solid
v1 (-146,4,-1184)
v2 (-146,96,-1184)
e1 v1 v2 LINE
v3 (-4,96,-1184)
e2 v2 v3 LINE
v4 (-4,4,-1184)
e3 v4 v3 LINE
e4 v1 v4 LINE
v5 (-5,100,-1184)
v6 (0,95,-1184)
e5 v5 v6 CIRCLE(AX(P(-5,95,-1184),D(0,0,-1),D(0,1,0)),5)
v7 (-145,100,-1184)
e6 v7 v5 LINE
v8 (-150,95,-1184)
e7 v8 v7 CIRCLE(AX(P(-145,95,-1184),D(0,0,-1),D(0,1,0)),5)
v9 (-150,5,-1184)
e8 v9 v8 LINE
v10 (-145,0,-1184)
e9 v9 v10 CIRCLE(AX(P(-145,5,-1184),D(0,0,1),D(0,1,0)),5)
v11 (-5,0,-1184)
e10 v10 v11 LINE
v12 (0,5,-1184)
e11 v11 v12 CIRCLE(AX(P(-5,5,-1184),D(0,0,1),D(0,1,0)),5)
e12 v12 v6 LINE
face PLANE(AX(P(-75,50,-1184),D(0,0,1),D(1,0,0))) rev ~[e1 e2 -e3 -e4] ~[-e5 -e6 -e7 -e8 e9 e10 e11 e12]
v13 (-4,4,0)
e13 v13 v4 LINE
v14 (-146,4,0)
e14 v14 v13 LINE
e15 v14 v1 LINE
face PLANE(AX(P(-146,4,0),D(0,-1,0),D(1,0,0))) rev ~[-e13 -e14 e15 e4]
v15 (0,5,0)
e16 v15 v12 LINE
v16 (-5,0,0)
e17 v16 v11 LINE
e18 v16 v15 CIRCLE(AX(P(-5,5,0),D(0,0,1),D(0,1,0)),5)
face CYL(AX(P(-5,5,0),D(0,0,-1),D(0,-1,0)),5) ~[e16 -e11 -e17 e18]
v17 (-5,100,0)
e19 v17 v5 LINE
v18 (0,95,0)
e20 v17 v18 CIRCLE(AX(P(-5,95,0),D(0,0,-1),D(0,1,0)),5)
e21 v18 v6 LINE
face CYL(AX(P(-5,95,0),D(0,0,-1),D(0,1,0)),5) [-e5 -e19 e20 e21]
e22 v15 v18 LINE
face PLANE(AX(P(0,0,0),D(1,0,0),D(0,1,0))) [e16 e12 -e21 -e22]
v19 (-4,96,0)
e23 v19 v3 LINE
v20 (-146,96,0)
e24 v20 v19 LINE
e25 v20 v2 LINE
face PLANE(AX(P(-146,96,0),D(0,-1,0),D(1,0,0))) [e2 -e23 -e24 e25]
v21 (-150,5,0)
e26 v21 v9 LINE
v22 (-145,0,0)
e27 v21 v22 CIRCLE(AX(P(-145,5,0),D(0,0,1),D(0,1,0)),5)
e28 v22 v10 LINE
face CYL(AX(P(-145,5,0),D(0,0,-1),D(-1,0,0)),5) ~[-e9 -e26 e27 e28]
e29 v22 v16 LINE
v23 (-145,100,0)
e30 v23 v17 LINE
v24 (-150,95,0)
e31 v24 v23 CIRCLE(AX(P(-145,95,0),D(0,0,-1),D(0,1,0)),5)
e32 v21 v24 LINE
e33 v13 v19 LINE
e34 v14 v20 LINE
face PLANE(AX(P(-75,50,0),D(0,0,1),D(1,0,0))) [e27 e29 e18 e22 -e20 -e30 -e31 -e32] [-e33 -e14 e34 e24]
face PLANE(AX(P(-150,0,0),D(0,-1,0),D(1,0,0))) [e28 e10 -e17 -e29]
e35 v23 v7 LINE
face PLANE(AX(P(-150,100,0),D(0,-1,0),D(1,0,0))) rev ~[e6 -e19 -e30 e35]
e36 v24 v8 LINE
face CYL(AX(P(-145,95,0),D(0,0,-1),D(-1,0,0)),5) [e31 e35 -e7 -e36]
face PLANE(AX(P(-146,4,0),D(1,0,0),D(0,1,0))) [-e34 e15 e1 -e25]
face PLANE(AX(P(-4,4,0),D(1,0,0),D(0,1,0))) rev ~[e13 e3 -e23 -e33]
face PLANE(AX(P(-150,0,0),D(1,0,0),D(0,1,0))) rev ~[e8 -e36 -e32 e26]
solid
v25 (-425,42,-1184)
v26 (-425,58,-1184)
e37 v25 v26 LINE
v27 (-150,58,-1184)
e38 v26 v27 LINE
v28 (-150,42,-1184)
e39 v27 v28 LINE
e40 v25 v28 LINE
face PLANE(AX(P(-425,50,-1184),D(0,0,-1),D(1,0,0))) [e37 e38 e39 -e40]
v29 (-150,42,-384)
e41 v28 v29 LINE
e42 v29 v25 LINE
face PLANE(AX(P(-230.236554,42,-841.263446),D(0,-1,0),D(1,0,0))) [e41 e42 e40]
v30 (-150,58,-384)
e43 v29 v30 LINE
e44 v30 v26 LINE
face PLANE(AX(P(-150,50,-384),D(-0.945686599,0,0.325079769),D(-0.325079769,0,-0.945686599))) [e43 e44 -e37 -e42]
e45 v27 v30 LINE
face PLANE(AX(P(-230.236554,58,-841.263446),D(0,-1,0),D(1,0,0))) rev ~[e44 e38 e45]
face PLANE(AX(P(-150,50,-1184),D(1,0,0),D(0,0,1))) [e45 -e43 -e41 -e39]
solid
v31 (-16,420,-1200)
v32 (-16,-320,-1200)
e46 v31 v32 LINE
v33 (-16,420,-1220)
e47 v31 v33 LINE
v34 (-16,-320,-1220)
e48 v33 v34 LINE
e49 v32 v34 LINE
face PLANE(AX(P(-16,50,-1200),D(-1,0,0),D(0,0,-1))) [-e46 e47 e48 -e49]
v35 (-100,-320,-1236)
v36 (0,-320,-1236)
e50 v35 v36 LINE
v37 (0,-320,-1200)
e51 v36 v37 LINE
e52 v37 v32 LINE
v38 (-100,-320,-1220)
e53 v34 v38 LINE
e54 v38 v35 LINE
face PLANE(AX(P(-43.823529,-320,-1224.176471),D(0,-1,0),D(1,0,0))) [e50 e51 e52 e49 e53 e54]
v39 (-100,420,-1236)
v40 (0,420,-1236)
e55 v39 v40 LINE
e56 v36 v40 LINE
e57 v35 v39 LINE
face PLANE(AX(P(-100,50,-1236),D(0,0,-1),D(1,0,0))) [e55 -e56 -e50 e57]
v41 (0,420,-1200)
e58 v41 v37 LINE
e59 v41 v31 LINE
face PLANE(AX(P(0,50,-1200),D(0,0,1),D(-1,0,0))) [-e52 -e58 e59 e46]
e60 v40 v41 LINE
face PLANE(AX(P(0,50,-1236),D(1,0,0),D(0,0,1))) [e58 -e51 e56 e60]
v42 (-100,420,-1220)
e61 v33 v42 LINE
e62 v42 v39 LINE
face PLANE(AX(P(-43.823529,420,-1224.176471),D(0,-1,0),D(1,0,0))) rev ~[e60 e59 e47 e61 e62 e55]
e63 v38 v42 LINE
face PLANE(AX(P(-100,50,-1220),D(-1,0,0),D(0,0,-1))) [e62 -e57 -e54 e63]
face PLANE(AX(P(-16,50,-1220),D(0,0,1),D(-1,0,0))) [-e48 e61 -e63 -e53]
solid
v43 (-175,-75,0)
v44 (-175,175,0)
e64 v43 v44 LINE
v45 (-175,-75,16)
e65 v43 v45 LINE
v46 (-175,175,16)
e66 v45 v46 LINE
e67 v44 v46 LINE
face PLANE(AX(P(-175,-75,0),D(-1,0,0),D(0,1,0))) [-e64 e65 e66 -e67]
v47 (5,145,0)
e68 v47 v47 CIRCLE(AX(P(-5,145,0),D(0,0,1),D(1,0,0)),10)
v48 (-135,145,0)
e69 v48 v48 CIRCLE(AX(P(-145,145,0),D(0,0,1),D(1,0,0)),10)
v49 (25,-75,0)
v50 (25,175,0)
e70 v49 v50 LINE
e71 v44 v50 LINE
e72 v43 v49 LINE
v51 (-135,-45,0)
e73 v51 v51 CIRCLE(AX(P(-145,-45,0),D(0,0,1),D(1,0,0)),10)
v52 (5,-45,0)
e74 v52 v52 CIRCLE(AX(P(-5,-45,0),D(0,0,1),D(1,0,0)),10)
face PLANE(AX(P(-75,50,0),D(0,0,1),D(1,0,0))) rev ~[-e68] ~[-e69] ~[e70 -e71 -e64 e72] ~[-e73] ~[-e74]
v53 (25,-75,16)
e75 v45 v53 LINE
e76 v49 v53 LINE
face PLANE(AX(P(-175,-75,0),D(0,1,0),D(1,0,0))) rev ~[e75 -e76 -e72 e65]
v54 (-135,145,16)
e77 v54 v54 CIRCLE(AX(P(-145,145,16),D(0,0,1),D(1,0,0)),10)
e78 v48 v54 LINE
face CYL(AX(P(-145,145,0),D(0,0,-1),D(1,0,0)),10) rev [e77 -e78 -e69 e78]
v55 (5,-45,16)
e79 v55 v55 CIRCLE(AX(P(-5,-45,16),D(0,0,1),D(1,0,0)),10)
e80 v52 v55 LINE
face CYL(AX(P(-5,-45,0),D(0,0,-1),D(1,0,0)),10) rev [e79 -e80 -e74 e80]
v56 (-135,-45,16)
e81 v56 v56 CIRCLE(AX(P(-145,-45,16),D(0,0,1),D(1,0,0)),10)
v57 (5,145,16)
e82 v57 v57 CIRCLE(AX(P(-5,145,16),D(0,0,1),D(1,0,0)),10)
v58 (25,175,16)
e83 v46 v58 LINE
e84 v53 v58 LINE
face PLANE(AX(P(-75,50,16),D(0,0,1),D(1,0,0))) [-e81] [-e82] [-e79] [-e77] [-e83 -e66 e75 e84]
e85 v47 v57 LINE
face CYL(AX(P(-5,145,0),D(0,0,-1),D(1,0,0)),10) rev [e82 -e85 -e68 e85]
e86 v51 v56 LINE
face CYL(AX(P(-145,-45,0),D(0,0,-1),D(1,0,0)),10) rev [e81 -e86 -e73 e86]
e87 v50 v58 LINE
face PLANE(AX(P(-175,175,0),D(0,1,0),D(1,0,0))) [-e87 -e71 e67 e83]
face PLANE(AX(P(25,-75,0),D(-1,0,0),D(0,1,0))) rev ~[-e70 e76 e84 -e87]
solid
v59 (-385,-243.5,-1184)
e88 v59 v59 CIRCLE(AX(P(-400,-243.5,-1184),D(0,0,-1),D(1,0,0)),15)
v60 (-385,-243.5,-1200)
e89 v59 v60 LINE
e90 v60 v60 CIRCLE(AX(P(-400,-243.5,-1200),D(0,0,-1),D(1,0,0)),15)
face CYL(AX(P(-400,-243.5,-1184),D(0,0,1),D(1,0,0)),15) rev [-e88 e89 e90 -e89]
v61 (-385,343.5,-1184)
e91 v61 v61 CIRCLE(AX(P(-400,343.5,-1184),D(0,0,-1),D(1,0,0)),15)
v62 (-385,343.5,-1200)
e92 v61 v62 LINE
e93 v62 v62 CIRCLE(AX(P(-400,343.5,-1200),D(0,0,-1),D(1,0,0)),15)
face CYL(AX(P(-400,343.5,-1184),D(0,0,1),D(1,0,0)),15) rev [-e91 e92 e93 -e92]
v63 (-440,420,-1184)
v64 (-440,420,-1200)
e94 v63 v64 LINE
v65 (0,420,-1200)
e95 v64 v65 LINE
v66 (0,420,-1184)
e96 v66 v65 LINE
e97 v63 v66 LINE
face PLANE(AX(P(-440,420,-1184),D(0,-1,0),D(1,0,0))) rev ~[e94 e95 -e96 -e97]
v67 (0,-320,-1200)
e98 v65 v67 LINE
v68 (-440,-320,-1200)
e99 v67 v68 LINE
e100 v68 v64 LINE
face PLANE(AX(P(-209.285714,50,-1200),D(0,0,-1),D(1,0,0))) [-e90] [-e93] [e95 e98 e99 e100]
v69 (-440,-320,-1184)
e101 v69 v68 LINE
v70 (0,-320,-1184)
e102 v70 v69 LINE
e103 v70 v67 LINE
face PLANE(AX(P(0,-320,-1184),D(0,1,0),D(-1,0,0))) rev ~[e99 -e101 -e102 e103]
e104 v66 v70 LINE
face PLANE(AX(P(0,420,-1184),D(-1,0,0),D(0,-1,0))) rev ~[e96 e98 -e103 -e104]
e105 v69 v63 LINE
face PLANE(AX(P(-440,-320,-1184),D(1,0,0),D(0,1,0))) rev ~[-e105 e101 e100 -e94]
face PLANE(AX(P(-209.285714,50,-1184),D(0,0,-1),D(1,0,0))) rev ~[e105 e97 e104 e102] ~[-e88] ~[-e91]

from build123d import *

# Parameters (mm, degrees)
F0_W      = 150
F0_H      = 100
F0_W_2    = 142
F0_H_2    = 92
F1_DEPTH  = 1184
F2_R      = 15
F2_W      = 150
F2_H      = 100
F2_W_2    = 142
F2_H_2    = 92
F3_DEPTH  = 16
F6_DEPTH  = 8
F8_DEPTH  = 370
F9_W      = 200
F9_H      = 250
F9_R      = 10
F9_W_2    = 150
F9_H_2    = 100
F9_W_3    = 142
F9_H_3    = 92
F10_DEPTH = 16
F11_R     = 5


with BuildPart() as f1:
    # F0 (on Top) → F1 (new body)
    with BuildSketch(Plane.XY):
        with Locations((-75, 50)):
            Rectangle(F0_W, F0_H)
        with Locations((-75, 50)):
            Rectangle(F0_W_2, F0_H_2, mode=Mode.SUBTRACT)
    extrude(amount=-F1_DEPTH)

    # F11
    f11_edges = [f1.edges().sort_by_distance(p)[0] for p in [
        (0, 0, -592),
        (-150, 0, -592),
        (-150, 100, -592),
        (0, 100, -592),
    ]]
    fillet(f11_edges, radius=F11_R)


with BuildPart() as f3:
    # F2 (on face) → F3 (new body)
    with BuildSketch(Plane(origin=(0, 0, -1184), x_dir=(1, 0, 0), z_dir=(0, 0, -1))):
        Polygon((-150, 0), (0, 0), (0, 320), (-440, 320), (-440, -420), (0, -420), (0, -100), (-150, -100), align=None)
        with Locations((-400, -343.5)):
            Circle(F2_R, mode=Mode.SUBTRACT)
        with Locations((-400, 243.5)):
            Circle(F2_R, mode=Mode.SUBTRACT)
        with Locations((-75, -50)):
            Rectangle(F2_W, F2_H)
        with Locations((-75, -50)):
            Rectangle(F2_W_2, F2_H_2, mode=Mode.SUBTRACT)
        with Locations((-75, -50)):
            Rectangle(F2_W_2, F2_H_2)
    extrude(amount=F3_DEPTH)


with BuildPart() as f6:
    # F5 (on offset) → F6 (new body, symmetric)
    with BuildSketch(Plane.XZ.offset(-50)):
        Polygon((-425, -1184), (-150, -1184), (-150, -384), align=None)
    extrude(amount=F6_DEPTH, both=True)


with BuildPart() as f8:
    # F7 (on offset) → F8 (new body, symmetric)
    with BuildSketch(Plane.XZ.offset(-50)):
        Polygon((0, -1236), (0, -1200), (-16, -1200), (-16, -1220), (-100, -1220), (-100, -1236), align=None)
    extrude(amount=F8_DEPTH, both=True)


with BuildPart() as f10:
    # F9 (on face) → F10 (new body)
    with BuildSketch(Plane.XY):
        with Locations((-75, 50)):
            Rectangle(F9_W, F9_H)
        with Locations((-145, -45)):
            Circle(F9_R, mode=Mode.SUBTRACT)
        with Locations((-5, -45)):
            Circle(F9_R, mode=Mode.SUBTRACT)
        with Locations((-145, 145)):
            Circle(F9_R, mode=Mode.SUBTRACT)
        with Locations((-75, 50)):
            Rectangle(F9_W_2, F9_H_2, mode=Mode.SUBTRACT)
        with Locations((-5, 145)):
            Circle(F9_R, mode=Mode.SUBTRACT)
        with Locations((-75, 50)):
            Rectangle(F9_W_2, F9_H_2)
        with Locations((-75, 50)):
            Rectangle(F9_W_3, F9_H_3, mode=Mode.SUBTRACT)
        with Locations((-75, 50)):
            Rectangle(F9_W_3, F9_H_3)
    extrude(amount=F10_DEPTH)


solid = Compound([f1.part, f3.part, f6.part, f8.part, f10.part])
